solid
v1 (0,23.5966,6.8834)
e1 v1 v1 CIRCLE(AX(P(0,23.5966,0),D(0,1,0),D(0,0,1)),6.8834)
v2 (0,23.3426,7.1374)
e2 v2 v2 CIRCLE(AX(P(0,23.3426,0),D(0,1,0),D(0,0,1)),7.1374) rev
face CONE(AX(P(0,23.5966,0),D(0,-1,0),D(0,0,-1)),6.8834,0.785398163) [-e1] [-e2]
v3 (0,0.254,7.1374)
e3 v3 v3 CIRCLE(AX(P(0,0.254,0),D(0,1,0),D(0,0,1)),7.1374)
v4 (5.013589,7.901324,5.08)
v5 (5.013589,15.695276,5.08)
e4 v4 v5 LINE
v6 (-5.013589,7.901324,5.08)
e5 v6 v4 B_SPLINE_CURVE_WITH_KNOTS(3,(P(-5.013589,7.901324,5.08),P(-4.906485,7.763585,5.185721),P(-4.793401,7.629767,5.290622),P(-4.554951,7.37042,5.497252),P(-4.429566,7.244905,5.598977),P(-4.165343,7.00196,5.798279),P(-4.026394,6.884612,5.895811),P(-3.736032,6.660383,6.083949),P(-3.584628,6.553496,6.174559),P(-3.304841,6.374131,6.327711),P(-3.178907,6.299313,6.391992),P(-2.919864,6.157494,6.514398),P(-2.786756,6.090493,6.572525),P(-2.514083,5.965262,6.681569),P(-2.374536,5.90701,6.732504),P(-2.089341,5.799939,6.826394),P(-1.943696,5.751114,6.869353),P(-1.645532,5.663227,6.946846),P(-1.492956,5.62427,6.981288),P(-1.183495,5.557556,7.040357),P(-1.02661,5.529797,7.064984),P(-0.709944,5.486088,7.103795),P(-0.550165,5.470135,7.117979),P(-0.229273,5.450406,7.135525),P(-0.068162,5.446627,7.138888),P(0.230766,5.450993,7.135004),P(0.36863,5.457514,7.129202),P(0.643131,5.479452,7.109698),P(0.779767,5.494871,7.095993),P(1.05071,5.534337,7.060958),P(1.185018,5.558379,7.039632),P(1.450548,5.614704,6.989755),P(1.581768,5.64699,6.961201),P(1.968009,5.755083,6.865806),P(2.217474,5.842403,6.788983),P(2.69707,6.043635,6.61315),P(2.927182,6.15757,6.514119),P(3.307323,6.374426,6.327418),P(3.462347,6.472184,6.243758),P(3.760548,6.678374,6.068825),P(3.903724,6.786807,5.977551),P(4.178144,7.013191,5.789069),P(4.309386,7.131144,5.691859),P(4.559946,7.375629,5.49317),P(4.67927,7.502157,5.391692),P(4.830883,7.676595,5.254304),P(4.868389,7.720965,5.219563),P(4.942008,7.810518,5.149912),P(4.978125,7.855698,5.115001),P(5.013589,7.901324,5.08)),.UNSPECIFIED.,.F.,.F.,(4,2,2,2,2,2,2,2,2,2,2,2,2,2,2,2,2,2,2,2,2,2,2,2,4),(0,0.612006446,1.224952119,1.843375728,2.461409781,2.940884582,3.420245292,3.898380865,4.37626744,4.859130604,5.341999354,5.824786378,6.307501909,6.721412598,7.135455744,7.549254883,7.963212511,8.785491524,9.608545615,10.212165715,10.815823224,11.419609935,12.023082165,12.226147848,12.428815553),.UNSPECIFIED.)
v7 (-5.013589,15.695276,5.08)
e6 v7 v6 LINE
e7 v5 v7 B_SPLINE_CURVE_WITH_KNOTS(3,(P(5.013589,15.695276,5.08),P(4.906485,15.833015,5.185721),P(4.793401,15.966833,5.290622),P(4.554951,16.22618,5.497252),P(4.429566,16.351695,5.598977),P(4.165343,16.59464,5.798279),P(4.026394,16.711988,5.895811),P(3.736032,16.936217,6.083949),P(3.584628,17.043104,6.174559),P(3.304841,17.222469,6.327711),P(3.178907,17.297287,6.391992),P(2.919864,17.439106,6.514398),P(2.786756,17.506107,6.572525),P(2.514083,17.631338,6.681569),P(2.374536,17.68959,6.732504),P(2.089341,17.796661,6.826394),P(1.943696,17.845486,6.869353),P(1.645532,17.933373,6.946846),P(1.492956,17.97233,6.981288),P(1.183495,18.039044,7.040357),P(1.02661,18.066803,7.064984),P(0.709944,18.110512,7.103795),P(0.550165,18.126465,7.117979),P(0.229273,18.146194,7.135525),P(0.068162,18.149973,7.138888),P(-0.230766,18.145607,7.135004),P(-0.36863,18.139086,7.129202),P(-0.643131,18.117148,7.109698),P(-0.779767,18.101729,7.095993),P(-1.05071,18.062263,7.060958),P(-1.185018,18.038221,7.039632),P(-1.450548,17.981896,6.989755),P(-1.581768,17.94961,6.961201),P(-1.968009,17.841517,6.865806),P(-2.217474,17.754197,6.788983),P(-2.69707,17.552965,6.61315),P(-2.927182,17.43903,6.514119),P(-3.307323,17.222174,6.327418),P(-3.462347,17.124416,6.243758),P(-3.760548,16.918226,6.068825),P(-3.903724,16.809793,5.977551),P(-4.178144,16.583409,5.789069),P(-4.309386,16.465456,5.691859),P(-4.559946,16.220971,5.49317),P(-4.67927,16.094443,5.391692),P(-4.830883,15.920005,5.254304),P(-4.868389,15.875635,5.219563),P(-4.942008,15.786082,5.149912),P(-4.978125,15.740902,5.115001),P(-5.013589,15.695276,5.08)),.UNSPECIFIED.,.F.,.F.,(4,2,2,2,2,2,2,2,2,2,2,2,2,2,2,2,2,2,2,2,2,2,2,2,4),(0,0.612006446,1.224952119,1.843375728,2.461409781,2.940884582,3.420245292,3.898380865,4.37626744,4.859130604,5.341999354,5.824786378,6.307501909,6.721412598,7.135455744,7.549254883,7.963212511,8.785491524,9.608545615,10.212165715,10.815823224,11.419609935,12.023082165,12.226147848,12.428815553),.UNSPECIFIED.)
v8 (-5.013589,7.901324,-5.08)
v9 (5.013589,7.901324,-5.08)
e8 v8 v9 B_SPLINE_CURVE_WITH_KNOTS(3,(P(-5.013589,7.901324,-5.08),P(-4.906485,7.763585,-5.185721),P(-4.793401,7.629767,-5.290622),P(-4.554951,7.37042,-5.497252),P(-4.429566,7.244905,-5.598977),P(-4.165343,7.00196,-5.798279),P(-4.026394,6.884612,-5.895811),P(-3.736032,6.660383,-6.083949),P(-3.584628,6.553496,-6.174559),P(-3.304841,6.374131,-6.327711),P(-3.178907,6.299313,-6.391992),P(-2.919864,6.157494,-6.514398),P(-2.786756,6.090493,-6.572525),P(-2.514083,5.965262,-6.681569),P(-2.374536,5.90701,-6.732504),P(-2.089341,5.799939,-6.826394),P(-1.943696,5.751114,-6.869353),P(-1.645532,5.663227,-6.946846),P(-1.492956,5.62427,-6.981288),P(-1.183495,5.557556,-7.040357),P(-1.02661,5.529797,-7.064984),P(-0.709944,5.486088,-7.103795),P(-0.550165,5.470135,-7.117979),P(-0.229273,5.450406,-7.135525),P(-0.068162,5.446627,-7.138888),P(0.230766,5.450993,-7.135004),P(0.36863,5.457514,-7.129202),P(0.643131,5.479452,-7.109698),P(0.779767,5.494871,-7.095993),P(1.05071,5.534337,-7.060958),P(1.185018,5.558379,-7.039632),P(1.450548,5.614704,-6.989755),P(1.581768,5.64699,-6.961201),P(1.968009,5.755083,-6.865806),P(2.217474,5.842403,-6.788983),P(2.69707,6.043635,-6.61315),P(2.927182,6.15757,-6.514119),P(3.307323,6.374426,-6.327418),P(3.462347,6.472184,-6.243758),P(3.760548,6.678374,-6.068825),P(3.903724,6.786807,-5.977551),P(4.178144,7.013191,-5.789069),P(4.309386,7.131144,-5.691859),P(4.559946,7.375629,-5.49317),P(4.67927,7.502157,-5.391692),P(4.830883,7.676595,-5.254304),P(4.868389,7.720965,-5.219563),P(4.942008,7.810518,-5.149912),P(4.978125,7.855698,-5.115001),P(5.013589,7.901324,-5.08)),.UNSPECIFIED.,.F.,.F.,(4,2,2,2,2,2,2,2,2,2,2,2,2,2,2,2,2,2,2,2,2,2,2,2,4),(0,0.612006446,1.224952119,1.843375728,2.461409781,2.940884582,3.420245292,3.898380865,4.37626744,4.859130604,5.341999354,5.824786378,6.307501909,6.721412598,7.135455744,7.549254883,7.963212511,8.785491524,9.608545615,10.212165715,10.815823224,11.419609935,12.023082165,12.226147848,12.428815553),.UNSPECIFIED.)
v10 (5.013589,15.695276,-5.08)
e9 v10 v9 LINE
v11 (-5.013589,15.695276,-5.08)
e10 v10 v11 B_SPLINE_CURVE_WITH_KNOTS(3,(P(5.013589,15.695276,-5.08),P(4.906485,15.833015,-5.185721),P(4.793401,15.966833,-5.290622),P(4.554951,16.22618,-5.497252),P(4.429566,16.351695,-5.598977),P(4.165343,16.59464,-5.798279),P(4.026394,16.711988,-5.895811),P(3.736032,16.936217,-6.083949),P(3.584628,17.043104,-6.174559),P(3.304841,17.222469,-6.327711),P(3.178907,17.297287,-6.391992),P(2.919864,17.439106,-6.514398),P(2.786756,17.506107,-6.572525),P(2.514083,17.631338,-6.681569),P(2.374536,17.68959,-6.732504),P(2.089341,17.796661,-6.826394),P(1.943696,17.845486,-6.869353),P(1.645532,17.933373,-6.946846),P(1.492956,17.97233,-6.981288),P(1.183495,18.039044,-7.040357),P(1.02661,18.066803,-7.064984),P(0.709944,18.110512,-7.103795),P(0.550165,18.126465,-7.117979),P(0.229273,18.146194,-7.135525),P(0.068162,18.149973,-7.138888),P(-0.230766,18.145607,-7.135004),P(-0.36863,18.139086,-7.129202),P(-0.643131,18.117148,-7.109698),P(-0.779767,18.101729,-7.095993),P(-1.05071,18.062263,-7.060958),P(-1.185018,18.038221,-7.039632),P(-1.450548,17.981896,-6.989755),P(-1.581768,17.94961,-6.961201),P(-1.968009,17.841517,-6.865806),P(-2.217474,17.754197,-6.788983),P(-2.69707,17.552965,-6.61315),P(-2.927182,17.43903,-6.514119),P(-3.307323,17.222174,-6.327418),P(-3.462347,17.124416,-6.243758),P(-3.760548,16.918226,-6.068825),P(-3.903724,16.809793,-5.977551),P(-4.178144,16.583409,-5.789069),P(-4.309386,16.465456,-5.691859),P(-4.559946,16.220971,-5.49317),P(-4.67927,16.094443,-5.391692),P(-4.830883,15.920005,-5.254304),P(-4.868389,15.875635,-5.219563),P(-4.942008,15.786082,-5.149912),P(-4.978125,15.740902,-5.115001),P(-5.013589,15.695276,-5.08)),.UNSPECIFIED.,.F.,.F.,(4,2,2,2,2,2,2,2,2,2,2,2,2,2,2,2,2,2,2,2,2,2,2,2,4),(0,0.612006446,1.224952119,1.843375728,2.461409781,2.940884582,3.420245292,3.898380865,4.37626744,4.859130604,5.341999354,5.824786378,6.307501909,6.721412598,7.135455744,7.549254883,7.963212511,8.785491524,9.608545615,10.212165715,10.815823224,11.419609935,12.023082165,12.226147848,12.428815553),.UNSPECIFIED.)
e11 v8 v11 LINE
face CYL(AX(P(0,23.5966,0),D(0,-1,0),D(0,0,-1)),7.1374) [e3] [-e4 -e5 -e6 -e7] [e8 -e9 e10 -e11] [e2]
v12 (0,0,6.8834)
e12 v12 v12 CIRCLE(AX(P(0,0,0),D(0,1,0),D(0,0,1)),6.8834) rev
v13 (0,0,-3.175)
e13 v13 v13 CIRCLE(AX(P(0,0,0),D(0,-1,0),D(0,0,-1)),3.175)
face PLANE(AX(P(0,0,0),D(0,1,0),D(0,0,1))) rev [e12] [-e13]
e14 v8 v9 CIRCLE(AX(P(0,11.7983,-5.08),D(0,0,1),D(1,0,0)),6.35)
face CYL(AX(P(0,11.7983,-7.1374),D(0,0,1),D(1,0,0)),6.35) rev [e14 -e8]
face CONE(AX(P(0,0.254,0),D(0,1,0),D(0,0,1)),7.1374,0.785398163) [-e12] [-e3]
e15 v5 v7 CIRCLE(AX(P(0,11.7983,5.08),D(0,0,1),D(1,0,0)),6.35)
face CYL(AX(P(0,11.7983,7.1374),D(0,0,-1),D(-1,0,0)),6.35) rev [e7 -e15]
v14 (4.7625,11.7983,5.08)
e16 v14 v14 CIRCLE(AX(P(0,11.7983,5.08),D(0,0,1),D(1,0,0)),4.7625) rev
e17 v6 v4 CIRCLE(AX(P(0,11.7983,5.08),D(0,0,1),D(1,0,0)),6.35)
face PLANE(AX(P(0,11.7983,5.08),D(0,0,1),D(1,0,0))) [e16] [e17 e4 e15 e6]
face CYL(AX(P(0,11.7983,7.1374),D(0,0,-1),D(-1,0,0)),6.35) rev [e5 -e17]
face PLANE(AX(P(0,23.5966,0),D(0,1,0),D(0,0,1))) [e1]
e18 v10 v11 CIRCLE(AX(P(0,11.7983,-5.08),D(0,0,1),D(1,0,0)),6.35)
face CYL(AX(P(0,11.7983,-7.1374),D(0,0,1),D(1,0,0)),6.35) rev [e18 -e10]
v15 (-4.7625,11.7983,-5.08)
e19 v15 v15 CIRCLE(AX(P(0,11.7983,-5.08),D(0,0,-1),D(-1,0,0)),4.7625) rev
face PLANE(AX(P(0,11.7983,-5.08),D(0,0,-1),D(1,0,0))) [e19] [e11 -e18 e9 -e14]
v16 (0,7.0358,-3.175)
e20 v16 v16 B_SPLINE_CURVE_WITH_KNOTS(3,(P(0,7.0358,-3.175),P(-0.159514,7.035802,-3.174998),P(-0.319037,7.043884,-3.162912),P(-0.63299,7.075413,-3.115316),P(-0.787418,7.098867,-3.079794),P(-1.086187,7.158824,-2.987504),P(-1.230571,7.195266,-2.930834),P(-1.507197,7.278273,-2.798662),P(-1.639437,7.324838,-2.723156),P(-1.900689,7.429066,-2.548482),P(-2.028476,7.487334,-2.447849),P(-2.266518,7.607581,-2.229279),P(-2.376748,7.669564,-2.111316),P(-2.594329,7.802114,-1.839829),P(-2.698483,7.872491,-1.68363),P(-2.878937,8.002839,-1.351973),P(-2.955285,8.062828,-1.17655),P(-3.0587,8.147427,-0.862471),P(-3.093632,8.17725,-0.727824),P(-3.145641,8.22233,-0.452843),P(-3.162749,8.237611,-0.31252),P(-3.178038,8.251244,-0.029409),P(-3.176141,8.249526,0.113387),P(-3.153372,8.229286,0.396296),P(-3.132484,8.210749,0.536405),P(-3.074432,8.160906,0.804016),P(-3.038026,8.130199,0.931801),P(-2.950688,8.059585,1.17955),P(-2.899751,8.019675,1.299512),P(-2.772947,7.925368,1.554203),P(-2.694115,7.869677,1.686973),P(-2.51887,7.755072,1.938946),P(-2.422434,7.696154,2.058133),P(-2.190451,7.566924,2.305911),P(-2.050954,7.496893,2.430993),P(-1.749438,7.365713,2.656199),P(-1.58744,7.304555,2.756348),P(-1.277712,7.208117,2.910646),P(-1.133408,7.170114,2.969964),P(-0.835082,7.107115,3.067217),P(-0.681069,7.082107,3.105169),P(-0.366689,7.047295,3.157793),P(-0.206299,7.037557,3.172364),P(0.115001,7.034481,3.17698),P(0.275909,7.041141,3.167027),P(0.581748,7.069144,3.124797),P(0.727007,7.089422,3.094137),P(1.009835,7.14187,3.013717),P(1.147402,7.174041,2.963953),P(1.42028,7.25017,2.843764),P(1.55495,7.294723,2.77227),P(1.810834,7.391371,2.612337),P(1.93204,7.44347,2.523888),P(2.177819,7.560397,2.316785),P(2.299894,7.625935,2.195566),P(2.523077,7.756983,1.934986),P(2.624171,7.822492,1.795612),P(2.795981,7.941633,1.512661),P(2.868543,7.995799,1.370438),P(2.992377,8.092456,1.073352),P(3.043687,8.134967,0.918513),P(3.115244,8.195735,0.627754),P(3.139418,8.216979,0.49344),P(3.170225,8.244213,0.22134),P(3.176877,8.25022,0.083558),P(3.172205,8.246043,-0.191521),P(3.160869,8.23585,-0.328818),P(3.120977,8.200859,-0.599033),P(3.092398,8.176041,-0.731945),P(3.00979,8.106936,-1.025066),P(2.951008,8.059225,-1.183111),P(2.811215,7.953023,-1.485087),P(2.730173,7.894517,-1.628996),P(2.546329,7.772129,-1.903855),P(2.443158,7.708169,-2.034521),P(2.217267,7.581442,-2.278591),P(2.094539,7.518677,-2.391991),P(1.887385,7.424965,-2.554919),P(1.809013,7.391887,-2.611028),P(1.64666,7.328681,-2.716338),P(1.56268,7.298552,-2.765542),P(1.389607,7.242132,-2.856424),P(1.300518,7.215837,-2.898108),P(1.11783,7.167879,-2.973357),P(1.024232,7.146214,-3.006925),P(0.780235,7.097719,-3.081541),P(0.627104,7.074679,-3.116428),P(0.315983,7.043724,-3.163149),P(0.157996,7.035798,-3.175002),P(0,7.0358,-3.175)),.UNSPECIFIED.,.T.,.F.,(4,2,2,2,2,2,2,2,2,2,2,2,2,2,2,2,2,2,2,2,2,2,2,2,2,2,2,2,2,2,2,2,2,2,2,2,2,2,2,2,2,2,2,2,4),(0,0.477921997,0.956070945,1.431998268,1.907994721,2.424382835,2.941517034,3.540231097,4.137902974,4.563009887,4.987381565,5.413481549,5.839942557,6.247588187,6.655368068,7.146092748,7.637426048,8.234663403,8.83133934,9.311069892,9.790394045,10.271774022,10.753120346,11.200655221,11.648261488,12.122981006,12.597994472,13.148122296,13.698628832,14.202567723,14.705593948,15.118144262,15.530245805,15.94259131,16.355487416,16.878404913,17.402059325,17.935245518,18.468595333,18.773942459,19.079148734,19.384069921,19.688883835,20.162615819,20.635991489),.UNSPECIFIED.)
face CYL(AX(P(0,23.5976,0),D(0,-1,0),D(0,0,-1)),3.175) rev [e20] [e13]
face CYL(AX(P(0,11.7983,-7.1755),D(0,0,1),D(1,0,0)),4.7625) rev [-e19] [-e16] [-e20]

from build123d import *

# Parameters (mm, degrees)
SKETCH1_R               = 7.1374
BOSS_EXTRUDE1_DEPTH     = 23.5966
CHAMFER1_SIZE           = 0.254
CHAMFER2_SIZE           = 0.254
SKETCH2_R               = 4.7625
CUT_EXTRUDE1_DEPTH      = 7.1755
SKETCH3_R               = 6.35
CUT_EXTRUDE2_DEPTH      = 28.513757958
CUT_EXTRUDE3_REACH      = 27.665
CUT_EXTRUDE3_END_RADIUS = 4.7625
SKETCH4_R               = 3.175


with BuildPart() as part:
    # Sketch1 → Boss-Extrude1 (new body)
    with BuildSketch(Plane(origin=(0, 0, 0), x_dir=(1, 0, 0), z_dir=(0, 1, 0))):
        with Locations(Location((0, 0, 0), (0, 0, 90))):
            Circle(SKETCH1_R)
    extrude(amount=BOSS_EXTRUDE1_DEPTH)

    # Chamfer1
    chamfer1_edges = [part.edges().sort_by_distance(p)[0] for p in [
        (0, 0, 7.1374),
    ]]
    chamfer(chamfer1_edges, length=CHAMFER1_SIZE)

    # Chamfer2
    chamfer2_edges = [part.edges().sort_by_distance(p)[0] for p in [
        (0, 23.5966, 7.1374),
    ]]
    chamfer(chamfer2_edges, length=CHAMFER2_SIZE)

    # Sketch2 → Cut-Extrude1 (cut, symmetric)
    with BuildSketch(Plane.XY):
        with Locations(Location((0, 11.7983, 0), (0, 0, 89.999999998))):
            Circle(SKETCH2_R)
    extrude(amount=CUT_EXTRUDE1_DEPTH, both=True, mode=Mode.SUBTRACT)

    # Sketch3 → Cut-Extrude2 (cut, through all)
    with BuildSketch(Plane.XY.offset(5.08)):
        with Locations((0, 11.7983)):
            Circle(SKETCH3_R)
    cut_extrude2 = extrude(amount=CUT_EXTRUDE2_DEPTH, mode=Mode.SUBTRACT)

    # Mirror1: Cut-Extrude2 across plane
    add(cut_extrude2.mirror(Plane.XY), mode=Mode.SUBTRACT)

    # Cut-Extrude3: up to this cylinder (the profile starts outside it)
    cut_extrude3_end = Plane(origin=(0, 11.7983, 0), z_dir=(0, 0, 1)) * Cylinder(CUT_EXTRUDE3_END_RADIUS, 65.855, mode=Mode.PRIVATE)
    # Sketch4 → Cut-Extrude3 (cut, up to the surface)
    with BuildSketch(Plane.XZ, mode=Mode.PRIVATE) as cut_extrude3_sk1:
        with Locations(Location((0, 0, 0), (0, 0, 270))):
            Circle(SKETCH4_R)
    cut_extrude3_tool1 = extrude(cut_extrude3_sk1.sketch, amount=-CUT_EXTRUDE3_REACH, mode=Mode.PRIVATE) - cut_extrude3_end
    add(cut_extrude3_tool1.solids().sort_by_distance((0, 0, 0))[0], mode=Mode.SUBTRACT)


solid = part.part
